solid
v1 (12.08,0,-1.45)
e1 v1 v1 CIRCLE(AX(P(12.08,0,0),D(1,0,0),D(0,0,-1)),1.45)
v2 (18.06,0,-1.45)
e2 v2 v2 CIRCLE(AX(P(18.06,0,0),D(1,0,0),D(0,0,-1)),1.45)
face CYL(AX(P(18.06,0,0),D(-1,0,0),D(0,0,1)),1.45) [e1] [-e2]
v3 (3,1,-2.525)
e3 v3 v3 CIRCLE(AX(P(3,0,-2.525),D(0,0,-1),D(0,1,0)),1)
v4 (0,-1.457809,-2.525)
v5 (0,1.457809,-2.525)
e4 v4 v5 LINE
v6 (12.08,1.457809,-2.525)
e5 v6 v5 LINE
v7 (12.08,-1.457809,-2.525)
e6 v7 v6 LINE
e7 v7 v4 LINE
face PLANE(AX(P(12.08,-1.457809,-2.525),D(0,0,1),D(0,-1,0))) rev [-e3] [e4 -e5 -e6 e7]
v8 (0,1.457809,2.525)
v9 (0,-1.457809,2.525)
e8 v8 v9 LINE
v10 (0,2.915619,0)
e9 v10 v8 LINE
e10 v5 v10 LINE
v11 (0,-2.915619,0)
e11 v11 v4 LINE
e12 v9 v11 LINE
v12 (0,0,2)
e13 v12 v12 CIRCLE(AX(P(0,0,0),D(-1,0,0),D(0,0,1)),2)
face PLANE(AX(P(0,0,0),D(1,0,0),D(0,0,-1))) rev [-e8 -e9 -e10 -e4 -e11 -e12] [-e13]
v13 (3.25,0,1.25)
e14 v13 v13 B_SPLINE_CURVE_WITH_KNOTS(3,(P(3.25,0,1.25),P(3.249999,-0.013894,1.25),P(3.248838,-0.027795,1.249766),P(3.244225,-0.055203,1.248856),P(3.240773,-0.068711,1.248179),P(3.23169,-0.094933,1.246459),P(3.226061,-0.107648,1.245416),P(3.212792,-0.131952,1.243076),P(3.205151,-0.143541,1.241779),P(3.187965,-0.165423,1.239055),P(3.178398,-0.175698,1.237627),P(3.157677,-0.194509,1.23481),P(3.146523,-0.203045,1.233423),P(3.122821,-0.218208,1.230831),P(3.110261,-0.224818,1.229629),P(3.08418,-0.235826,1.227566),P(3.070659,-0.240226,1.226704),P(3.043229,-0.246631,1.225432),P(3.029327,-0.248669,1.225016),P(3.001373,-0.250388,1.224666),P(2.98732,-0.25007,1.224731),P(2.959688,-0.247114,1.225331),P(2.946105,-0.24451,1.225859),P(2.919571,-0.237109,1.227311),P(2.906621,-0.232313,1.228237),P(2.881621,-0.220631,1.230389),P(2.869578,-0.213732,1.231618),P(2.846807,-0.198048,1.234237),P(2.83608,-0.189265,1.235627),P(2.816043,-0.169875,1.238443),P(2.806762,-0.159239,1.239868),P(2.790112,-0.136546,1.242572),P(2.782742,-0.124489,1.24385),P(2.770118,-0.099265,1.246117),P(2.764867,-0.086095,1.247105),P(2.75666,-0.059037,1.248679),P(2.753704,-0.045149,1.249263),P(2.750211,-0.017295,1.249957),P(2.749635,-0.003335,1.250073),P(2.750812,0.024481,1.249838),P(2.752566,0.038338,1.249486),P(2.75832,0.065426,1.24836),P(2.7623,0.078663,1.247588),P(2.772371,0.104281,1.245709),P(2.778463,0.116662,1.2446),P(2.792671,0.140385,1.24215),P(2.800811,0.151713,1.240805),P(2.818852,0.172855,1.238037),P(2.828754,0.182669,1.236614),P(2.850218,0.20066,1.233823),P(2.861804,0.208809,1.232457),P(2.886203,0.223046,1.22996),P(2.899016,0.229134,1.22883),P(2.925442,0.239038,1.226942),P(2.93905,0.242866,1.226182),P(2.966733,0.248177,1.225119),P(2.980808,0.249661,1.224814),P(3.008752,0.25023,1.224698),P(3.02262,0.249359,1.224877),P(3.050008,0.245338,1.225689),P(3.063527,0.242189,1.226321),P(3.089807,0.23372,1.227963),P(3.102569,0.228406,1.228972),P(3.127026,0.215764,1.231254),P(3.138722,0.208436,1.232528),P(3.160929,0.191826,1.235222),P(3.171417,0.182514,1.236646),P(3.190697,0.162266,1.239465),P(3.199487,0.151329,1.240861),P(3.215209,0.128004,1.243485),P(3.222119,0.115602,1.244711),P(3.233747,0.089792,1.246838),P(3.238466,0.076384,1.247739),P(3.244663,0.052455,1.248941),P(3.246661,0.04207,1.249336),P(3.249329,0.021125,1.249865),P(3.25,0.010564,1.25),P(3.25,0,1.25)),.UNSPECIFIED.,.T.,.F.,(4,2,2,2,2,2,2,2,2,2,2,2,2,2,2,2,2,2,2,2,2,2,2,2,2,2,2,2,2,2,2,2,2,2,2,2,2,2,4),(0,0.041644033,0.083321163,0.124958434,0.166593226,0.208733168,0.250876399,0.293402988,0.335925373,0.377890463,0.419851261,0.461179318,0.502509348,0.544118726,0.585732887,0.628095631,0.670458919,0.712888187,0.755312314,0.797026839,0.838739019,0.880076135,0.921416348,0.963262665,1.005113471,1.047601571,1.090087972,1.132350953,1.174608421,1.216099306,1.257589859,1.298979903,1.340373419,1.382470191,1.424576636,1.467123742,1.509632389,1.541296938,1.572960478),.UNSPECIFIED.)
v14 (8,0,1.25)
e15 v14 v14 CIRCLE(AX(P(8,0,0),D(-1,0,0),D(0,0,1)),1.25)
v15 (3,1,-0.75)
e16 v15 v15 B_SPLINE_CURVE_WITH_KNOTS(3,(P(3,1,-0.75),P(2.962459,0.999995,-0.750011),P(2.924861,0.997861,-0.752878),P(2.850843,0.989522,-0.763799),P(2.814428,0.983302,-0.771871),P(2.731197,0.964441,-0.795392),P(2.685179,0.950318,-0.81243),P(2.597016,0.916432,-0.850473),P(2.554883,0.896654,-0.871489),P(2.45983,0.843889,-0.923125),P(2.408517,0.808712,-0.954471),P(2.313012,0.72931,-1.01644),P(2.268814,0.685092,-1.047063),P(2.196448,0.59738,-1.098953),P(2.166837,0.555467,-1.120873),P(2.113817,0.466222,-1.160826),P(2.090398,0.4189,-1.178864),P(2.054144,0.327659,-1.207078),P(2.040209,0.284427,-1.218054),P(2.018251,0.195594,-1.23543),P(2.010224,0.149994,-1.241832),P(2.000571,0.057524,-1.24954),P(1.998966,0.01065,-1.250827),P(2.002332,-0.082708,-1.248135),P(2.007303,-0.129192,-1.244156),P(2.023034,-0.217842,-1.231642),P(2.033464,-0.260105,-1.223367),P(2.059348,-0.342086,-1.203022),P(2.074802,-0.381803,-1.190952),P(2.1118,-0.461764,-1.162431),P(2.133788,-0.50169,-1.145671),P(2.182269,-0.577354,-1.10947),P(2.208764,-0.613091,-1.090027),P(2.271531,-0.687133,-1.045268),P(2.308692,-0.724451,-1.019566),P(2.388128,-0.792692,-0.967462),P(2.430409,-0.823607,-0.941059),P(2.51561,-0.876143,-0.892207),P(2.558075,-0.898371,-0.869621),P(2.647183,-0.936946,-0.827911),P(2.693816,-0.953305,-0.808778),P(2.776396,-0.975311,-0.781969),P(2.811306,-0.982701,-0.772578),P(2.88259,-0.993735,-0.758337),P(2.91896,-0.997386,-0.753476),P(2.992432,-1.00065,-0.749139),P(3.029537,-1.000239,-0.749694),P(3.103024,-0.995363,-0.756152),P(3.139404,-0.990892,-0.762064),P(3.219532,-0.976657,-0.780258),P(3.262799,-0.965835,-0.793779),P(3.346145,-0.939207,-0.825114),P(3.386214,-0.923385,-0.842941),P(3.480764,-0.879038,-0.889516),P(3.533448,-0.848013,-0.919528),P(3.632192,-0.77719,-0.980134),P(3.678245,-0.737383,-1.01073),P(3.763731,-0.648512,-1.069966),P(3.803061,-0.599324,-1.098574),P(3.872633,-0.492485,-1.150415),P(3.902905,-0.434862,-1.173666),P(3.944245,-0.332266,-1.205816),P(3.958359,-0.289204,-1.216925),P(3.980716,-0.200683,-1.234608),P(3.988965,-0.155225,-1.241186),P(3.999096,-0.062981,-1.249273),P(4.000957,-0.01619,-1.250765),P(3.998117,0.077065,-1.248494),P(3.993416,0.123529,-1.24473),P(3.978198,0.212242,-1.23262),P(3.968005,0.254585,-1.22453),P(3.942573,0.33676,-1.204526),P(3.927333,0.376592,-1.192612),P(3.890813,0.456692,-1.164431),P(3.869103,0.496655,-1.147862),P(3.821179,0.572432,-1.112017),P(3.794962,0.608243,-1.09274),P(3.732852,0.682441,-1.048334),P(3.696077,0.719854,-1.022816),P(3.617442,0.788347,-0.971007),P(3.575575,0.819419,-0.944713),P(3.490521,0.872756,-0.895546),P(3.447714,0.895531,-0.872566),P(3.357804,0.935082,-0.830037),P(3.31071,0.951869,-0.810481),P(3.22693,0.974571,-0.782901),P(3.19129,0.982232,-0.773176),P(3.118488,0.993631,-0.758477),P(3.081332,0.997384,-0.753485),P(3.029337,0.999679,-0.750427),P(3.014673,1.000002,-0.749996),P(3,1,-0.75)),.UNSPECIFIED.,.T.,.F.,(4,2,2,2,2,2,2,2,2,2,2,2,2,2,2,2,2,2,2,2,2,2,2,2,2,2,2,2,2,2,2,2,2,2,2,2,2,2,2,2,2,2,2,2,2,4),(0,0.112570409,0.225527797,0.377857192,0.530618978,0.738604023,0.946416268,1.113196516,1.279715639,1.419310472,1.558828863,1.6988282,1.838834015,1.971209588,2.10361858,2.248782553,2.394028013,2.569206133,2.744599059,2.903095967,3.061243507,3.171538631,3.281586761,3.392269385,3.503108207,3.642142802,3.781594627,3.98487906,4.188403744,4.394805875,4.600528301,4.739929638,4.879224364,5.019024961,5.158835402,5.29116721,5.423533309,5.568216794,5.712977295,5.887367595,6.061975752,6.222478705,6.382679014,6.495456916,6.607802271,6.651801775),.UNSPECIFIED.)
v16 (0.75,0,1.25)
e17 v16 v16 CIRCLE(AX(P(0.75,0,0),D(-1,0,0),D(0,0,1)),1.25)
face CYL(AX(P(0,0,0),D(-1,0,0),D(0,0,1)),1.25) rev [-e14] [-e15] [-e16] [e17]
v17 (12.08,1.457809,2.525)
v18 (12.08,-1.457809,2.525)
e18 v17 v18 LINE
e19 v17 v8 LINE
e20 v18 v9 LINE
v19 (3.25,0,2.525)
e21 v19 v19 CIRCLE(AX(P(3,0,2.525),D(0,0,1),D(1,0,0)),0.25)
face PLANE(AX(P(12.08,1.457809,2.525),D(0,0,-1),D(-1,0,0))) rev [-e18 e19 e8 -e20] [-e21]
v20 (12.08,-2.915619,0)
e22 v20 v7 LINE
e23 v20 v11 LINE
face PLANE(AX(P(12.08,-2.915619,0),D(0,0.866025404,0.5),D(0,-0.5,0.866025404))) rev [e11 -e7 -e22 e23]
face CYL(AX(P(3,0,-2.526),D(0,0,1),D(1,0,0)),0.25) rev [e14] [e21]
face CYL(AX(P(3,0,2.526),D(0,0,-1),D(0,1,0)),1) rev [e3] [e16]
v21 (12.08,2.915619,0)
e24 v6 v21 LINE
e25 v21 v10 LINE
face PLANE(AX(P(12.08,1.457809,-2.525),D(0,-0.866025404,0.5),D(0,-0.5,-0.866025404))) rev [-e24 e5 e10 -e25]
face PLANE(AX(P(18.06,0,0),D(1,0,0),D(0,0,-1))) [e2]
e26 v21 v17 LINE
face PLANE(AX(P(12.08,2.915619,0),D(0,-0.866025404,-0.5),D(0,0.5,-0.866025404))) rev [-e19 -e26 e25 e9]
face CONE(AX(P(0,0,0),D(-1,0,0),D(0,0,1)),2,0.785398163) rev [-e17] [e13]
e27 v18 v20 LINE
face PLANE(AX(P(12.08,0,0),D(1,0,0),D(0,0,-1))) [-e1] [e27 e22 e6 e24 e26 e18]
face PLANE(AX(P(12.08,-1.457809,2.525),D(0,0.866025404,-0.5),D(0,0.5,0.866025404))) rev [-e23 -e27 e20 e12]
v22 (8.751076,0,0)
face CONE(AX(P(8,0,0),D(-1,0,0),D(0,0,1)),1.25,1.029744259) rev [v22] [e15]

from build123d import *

# Parameters (mm, degrees)
ESTRUSIONE_ESTRUSIONE1_DEPTH        = 12.08
SCHIZZO2_R                          = 1.45
ESTRUSIONE_ESTRUSIONE2_DEPTH        = 5.98
FORO_FILETTATO_M3X0_5_1_D           = 2.5
FORO_FILETTATO_M3X0_5_1_DEPTH       = 8
FORO_FILETTATO_M3X0_5_1_CSINK_D     = 4
FORO_FILETTATO_M3X0_5_1_CSINK_ANGLE = 90
FORO_FILETTATO_M3X0_5_1_TIP         = 0.751075774
TAGLIO_ESTRUSIONE1_REACH            = 20.978
TAGLIO_ESTRUSIONE1_END_RADIUS       = 1.25
SCHIZZO5_R                          = 0.25
TAGLIO_ESTRUSIONE2_REACH            = 20.978
TAGLIO_ESTRUSIONE2_END_RADIUS       = 1.25
SCHIZZO6_R                          = 1


with BuildPart() as part:
    # Schizzo1 → Estrusione-Estrusione1 (new body)
    with BuildSketch(Plane(origin=(0, 0, 0), x_dir=(0, 0, -1), z_dir=(1, 0, 0))):
        Polygon((0, 2.915618859), (-2.525, 1.45780943), (-2.525, -1.45780943), (0, -2.915618859), (2.525, -1.45780943), (2.525, 1.45780943), align=None)
    extrude(amount=ESTRUSIONE_ESTRUSIONE1_DEPTH)

    # Schizzo2 → Estrusione-Estrusione2 (add)
    with BuildSketch(Plane(origin=(12.08, 0, 0), x_dir=(0, 0, -1), z_dir=(1, 0, 0))):
        Circle(SCHIZZO2_R)
    extrude(amount=ESTRUSIONE_ESTRUSIONE2_DEPTH)

    # Foro filettato M3x0.5-1
    with Locations(Plane.ZY):
        with Locations((0, 0)):
            CounterSinkHole(FORO_FILETTATO_M3X0_5_1_D / 2, FORO_FILETTATO_M3X0_5_1_CSINK_D / 2, depth=FORO_FILETTATO_M3X0_5_1_DEPTH, counter_sink_angle=FORO_FILETTATO_M3X0_5_1_CSINK_ANGLE)
            with Locations((0, 0, -(FORO_FILETTATO_M3X0_5_1_DEPTH + FORO_FILETTATO_M3X0_5_1_TIP / 2))):  # 118° drill point
                Cone(0, FORO_FILETTATO_M3X0_5_1_D / 2, FORO_FILETTATO_M3X0_5_1_TIP, mode=Mode.SUBTRACT)

    # Taglio-Estrusione1: up to this cylinder (the profile starts outside it)
    taglio_estrusione1_end = Plane(origin=(3, 0, 0), z_dir=(-1, 0, 0)) * Cylinder(TAGLIO_ESTRUSIONE1_END_RADIUS, 45.456, mode=Mode.PRIVATE)
    # Schizzo5 → Taglio-Estrusione1 (cut, up to the surface)
    with BuildSketch(Plane.XY.offset(2.525), mode=Mode.PRIVATE) as taglio_estrusione1_sk1:
        with Locations((3, 0)):
            Circle(SCHIZZO5_R)
    taglio_estrusione1_tool1 = extrude(taglio_estrusione1_sk1.sketch, amount=-TAGLIO_ESTRUSIONE1_REACH, mode=Mode.PRIVATE) - taglio_estrusione1_end
    add(taglio_estrusione1_tool1.solids().sort_by_distance((3, 0, 2.525))[0], mode=Mode.SUBTRACT)

    # Taglio-Estrusione2: up to this cylinder (the profile starts outside it)
    taglio_estrusione2_end = Plane(origin=(3, 0, 0), z_dir=(-1, 0, 0)) * Cylinder(TAGLIO_ESTRUSIONE2_END_RADIUS, 45.456, mode=Mode.PRIVATE)
    # Schizzo6 → Taglio-Estrusione2 (cut, up to the surface)
    with BuildSketch(Plane(origin=(0, 0, -2.525), x_dir=(-1, 0, 0), z_dir=(0, 0, -1)), mode=Mode.PRIVATE) as taglio_estrusione2_sk1:
        with Locations(Location((-3, 0, 0), (0, 0, 90))):
            Circle(SCHIZZO6_R)
    taglio_estrusione2_tool1 = extrude(taglio_estrusione2_sk1.sketch, amount=-TAGLIO_ESTRUSIONE2_REACH, mode=Mode.PRIVATE) - taglio_estrusione2_end
    add(taglio_estrusione2_tool1.solids().sort_by_distance((3, 0, -2.525))[0], mode=Mode.SUBTRACT)


solid = part.part
